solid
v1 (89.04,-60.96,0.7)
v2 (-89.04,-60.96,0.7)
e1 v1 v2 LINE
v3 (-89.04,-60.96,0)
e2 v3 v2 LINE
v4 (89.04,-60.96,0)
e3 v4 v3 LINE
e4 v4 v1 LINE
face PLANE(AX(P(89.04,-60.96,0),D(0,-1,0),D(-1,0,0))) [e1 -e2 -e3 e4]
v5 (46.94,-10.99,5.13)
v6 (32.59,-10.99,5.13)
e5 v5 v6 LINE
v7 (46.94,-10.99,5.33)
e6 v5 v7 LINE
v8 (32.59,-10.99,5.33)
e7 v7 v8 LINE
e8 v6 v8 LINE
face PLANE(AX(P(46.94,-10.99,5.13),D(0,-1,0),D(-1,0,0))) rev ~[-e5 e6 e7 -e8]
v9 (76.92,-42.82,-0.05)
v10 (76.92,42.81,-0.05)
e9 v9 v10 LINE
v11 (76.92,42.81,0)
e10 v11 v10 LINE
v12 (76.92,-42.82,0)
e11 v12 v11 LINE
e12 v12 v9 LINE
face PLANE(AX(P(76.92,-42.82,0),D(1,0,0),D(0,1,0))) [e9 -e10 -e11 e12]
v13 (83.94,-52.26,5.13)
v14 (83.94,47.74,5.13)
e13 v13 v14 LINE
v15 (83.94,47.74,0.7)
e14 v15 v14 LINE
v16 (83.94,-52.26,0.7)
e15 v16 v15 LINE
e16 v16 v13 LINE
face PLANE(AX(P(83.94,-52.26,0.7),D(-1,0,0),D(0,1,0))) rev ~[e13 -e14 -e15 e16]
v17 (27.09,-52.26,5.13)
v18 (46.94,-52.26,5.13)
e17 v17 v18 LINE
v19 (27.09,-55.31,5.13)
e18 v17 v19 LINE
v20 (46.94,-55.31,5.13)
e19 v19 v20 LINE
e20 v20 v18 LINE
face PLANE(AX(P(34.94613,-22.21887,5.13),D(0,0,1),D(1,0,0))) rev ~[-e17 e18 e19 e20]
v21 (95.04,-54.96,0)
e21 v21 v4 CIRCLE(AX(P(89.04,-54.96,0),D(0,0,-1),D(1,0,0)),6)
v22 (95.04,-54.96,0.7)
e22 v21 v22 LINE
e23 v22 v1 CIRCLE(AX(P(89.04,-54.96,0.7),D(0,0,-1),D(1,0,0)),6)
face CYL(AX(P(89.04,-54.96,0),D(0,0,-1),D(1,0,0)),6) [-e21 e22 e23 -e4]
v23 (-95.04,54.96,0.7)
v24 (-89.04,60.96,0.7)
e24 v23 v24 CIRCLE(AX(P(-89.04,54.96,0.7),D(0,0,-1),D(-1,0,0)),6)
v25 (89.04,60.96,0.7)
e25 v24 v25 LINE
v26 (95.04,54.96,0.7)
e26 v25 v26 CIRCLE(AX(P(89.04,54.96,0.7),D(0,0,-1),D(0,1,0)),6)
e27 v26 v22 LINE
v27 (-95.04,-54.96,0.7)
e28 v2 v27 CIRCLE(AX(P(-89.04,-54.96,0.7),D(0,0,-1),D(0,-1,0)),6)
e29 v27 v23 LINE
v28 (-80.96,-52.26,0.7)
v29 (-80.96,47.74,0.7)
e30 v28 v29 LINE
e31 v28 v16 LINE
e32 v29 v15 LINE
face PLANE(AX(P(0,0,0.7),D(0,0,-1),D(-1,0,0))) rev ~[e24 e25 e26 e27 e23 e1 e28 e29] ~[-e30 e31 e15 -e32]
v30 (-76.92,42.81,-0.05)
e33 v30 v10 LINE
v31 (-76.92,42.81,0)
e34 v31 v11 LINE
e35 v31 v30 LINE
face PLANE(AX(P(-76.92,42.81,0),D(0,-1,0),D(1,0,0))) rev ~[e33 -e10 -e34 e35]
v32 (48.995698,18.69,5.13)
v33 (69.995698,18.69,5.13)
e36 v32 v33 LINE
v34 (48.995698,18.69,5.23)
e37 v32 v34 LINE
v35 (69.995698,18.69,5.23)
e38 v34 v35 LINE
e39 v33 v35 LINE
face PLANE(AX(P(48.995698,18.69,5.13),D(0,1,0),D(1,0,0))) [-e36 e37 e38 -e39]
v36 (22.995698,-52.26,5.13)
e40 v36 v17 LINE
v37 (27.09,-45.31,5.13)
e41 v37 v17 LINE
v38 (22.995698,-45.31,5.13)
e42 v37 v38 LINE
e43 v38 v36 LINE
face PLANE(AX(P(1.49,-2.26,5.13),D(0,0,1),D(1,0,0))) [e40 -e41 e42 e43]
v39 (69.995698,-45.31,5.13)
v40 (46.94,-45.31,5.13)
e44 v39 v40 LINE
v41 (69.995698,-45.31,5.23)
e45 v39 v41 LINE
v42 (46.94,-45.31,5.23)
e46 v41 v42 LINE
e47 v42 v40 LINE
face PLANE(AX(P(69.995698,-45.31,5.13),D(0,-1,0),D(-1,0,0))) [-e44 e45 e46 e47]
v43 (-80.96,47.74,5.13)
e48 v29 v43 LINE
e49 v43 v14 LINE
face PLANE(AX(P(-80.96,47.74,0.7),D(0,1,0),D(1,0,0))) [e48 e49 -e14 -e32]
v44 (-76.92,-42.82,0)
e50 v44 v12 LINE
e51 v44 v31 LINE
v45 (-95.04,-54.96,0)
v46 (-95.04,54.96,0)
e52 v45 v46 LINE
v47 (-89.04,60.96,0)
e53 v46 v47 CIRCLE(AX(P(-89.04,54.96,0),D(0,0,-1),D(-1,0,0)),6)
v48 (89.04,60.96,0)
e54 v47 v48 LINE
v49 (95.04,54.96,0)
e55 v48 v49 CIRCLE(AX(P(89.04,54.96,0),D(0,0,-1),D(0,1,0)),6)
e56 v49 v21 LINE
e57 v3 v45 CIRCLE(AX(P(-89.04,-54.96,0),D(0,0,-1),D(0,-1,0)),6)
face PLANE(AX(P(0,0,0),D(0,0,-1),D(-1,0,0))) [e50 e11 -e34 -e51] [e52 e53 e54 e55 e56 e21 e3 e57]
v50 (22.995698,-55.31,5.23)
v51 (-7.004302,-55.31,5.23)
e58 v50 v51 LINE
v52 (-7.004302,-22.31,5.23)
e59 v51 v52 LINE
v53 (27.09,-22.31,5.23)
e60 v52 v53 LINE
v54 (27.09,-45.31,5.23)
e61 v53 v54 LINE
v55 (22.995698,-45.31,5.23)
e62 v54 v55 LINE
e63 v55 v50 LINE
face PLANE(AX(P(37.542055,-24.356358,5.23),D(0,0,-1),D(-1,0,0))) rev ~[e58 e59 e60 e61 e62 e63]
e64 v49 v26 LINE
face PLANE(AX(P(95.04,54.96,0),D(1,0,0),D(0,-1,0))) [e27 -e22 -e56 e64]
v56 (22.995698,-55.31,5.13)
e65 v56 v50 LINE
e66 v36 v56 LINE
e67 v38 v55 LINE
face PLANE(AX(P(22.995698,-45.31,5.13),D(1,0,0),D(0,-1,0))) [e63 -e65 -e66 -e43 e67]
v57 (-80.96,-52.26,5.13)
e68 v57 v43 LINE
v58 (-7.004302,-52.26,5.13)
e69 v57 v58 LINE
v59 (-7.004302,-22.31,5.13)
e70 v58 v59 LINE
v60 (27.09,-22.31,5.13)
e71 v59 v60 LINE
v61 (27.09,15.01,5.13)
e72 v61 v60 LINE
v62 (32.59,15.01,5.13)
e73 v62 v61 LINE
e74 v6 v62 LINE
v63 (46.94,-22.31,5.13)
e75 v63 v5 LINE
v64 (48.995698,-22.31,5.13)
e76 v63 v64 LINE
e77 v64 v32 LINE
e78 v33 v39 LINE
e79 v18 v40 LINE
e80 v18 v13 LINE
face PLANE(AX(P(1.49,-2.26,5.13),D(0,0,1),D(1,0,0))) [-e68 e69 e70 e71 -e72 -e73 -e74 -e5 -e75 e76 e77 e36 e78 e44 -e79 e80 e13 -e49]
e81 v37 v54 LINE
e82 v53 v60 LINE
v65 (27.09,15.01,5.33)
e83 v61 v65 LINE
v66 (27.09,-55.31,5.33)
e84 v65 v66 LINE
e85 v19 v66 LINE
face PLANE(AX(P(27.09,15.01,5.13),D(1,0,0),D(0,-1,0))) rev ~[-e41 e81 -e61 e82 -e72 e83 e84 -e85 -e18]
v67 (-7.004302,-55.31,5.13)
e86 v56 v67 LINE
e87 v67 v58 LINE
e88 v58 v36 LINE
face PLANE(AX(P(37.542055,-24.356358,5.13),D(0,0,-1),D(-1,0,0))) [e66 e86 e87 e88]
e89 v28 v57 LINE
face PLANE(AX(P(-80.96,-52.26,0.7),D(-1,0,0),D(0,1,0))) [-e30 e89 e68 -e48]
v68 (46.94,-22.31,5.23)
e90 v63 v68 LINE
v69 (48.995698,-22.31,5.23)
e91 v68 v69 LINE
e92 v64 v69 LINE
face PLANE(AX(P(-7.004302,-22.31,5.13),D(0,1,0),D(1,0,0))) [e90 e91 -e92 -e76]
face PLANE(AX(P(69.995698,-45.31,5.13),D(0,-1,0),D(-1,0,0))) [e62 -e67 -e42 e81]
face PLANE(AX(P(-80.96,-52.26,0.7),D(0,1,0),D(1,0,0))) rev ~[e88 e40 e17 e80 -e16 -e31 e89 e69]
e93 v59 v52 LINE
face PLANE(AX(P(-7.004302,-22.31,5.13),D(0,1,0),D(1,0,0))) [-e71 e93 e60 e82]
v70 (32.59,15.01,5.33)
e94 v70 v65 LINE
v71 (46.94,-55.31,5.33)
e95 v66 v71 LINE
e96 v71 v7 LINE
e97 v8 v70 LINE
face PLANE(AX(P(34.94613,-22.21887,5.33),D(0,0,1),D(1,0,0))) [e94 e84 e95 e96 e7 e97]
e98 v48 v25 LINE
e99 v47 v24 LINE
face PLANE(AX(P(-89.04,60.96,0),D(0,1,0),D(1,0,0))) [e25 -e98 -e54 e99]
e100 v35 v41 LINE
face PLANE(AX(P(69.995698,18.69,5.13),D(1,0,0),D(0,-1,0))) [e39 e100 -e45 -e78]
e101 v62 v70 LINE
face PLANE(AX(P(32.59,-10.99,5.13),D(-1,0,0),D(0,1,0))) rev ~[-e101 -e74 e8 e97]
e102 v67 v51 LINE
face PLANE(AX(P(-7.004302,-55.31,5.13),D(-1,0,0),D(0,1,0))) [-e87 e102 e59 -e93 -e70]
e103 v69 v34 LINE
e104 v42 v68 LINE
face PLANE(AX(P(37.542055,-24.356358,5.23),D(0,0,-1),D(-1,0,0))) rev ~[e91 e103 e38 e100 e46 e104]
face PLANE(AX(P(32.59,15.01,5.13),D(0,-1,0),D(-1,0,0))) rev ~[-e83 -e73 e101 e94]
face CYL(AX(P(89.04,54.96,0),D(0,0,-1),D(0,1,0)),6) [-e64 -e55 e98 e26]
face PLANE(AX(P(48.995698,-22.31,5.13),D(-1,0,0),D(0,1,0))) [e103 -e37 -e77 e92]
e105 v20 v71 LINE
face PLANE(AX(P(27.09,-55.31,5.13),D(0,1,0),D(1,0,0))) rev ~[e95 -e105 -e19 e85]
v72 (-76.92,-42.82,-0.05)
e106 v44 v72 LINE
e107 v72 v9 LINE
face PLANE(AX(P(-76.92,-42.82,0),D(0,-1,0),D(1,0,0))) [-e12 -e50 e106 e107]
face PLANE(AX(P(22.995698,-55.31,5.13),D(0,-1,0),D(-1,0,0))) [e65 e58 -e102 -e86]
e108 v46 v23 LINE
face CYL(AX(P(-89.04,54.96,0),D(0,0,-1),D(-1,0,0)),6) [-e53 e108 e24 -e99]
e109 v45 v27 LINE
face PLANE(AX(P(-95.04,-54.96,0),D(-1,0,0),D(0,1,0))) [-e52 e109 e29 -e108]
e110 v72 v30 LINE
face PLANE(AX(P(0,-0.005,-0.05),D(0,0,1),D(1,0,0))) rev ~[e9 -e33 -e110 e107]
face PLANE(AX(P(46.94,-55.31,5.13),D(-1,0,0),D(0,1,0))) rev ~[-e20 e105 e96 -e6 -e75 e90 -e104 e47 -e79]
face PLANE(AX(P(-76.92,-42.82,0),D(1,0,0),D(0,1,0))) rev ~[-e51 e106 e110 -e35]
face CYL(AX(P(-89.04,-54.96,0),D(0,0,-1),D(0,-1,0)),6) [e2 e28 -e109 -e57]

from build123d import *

# Parameters (mm, degrees)
BOSS_EXTRUDE1_DEPTH      = 0.7
SKETCH2_W                = 153.84
SKETCH2_H                = 85.63
CUT_EXTRUDE1_DEPTH       = 0.8
SKETCH3_W                = 153.84
SKETCH3_H                = 85.63
BOSS_EXTRUDE4_DEPTH      = 0.75
BOSS_EXTRUDE4_DEPTH_BACK = 0.05
SKETCH4_W                = 164.9
SKETCH4_H                = 100
BOSS_EXTRUDE5_DEPTH      = 4.43
BOSS_EXTRUDE6_DEPTH      = 0.1
BOSS_EXTRUDE7_DEPTH      = 0.2


with BuildPart() as part:
    # Sketch1 → Boss-Extrude1 (new body)
    with BuildSketch(Plane.XY):
        with BuildLine():
            Line((-89.04, 60.96), (89.04, 60.96))
            ThreePointArc((89.04, 60.96), (93.282640687, 59.202640687), (95.04, 54.96))
            Line((95.04, 54.96), (95.04, -54.96))
            ThreePointArc((95.04, -54.96), (93.282640687, -59.202640687), (89.04, -60.96))
            Line((89.04, -60.96), (-89.04, -60.96))
            ThreePointArc((-89.04, -60.96), (-93.282640687, -59.202640687), (-95.04, -54.96))
            Line((-95.04, -54.96), (-95.04, 54.96))
            ThreePointArc((-95.04, 54.96), (-93.282640687, 59.202640687), (-89.04, 60.96))
        make_face()
    extrude(amount=BOSS_EXTRUDE1_DEPTH)

    # Sketch2 → Cut-Extrude1 (cut)
    with BuildSketch(Plane.XY):
        with Locations((0, -0.005)):
            Rectangle(SKETCH2_W, SKETCH2_H)
    extrude(amount=CUT_EXTRUDE1_DEPTH, mode=Mode.SUBTRACT)

    # Sketch3 → Boss-Extrude4 (add, two sides)
    with BuildSketch(Plane.XY) as boss_extrude4_sk:
        with Locations((0, -0.005)):
            Rectangle(SKETCH3_W, SKETCH3_H)
    extrude(amount=BOSS_EXTRUDE4_DEPTH)
    extrude(boss_extrude4_sk.sketch, amount=-BOSS_EXTRUDE4_DEPTH_BACK)

    # Sketch4 → Boss-Extrude5 (add)
    with BuildSketch(Plane.XY.offset(0.7)):
        with Locations((1.49, -2.26)):
            Rectangle(SKETCH4_W, SKETCH4_H)
    extrude(amount=BOSS_EXTRUDE5_DEPTH)

    # Sketch5 → Boss-Extrude6 (add)
    with BuildSketch(Plane.XY.offset(5.13)):
        Polygon((48.995697603, 18.69), (69.995697603, 18.69), (69.995697603, -45.31), (22.995697603, -45.31), (22.995697603, -55.31), (-7.004302397, -55.31), (-7.004302397, -22.31), (48.995697603, -22.31), align=None)
    extrude(amount=BOSS_EXTRUDE6_DEPTH)

    # Sketch6 → Boss-Extrude7 (add)
    with BuildSketch(Plane.XY.offset(5.13)):
        Polygon((32.59, 15.01), (27.09, 15.01), (27.09, -55.31), (46.94, -55.31), (46.94, -10.99), (32.59, -10.99), align=None)
    extrude(amount=BOSS_EXTRUDE7_DEPTH)


solid = part.part
